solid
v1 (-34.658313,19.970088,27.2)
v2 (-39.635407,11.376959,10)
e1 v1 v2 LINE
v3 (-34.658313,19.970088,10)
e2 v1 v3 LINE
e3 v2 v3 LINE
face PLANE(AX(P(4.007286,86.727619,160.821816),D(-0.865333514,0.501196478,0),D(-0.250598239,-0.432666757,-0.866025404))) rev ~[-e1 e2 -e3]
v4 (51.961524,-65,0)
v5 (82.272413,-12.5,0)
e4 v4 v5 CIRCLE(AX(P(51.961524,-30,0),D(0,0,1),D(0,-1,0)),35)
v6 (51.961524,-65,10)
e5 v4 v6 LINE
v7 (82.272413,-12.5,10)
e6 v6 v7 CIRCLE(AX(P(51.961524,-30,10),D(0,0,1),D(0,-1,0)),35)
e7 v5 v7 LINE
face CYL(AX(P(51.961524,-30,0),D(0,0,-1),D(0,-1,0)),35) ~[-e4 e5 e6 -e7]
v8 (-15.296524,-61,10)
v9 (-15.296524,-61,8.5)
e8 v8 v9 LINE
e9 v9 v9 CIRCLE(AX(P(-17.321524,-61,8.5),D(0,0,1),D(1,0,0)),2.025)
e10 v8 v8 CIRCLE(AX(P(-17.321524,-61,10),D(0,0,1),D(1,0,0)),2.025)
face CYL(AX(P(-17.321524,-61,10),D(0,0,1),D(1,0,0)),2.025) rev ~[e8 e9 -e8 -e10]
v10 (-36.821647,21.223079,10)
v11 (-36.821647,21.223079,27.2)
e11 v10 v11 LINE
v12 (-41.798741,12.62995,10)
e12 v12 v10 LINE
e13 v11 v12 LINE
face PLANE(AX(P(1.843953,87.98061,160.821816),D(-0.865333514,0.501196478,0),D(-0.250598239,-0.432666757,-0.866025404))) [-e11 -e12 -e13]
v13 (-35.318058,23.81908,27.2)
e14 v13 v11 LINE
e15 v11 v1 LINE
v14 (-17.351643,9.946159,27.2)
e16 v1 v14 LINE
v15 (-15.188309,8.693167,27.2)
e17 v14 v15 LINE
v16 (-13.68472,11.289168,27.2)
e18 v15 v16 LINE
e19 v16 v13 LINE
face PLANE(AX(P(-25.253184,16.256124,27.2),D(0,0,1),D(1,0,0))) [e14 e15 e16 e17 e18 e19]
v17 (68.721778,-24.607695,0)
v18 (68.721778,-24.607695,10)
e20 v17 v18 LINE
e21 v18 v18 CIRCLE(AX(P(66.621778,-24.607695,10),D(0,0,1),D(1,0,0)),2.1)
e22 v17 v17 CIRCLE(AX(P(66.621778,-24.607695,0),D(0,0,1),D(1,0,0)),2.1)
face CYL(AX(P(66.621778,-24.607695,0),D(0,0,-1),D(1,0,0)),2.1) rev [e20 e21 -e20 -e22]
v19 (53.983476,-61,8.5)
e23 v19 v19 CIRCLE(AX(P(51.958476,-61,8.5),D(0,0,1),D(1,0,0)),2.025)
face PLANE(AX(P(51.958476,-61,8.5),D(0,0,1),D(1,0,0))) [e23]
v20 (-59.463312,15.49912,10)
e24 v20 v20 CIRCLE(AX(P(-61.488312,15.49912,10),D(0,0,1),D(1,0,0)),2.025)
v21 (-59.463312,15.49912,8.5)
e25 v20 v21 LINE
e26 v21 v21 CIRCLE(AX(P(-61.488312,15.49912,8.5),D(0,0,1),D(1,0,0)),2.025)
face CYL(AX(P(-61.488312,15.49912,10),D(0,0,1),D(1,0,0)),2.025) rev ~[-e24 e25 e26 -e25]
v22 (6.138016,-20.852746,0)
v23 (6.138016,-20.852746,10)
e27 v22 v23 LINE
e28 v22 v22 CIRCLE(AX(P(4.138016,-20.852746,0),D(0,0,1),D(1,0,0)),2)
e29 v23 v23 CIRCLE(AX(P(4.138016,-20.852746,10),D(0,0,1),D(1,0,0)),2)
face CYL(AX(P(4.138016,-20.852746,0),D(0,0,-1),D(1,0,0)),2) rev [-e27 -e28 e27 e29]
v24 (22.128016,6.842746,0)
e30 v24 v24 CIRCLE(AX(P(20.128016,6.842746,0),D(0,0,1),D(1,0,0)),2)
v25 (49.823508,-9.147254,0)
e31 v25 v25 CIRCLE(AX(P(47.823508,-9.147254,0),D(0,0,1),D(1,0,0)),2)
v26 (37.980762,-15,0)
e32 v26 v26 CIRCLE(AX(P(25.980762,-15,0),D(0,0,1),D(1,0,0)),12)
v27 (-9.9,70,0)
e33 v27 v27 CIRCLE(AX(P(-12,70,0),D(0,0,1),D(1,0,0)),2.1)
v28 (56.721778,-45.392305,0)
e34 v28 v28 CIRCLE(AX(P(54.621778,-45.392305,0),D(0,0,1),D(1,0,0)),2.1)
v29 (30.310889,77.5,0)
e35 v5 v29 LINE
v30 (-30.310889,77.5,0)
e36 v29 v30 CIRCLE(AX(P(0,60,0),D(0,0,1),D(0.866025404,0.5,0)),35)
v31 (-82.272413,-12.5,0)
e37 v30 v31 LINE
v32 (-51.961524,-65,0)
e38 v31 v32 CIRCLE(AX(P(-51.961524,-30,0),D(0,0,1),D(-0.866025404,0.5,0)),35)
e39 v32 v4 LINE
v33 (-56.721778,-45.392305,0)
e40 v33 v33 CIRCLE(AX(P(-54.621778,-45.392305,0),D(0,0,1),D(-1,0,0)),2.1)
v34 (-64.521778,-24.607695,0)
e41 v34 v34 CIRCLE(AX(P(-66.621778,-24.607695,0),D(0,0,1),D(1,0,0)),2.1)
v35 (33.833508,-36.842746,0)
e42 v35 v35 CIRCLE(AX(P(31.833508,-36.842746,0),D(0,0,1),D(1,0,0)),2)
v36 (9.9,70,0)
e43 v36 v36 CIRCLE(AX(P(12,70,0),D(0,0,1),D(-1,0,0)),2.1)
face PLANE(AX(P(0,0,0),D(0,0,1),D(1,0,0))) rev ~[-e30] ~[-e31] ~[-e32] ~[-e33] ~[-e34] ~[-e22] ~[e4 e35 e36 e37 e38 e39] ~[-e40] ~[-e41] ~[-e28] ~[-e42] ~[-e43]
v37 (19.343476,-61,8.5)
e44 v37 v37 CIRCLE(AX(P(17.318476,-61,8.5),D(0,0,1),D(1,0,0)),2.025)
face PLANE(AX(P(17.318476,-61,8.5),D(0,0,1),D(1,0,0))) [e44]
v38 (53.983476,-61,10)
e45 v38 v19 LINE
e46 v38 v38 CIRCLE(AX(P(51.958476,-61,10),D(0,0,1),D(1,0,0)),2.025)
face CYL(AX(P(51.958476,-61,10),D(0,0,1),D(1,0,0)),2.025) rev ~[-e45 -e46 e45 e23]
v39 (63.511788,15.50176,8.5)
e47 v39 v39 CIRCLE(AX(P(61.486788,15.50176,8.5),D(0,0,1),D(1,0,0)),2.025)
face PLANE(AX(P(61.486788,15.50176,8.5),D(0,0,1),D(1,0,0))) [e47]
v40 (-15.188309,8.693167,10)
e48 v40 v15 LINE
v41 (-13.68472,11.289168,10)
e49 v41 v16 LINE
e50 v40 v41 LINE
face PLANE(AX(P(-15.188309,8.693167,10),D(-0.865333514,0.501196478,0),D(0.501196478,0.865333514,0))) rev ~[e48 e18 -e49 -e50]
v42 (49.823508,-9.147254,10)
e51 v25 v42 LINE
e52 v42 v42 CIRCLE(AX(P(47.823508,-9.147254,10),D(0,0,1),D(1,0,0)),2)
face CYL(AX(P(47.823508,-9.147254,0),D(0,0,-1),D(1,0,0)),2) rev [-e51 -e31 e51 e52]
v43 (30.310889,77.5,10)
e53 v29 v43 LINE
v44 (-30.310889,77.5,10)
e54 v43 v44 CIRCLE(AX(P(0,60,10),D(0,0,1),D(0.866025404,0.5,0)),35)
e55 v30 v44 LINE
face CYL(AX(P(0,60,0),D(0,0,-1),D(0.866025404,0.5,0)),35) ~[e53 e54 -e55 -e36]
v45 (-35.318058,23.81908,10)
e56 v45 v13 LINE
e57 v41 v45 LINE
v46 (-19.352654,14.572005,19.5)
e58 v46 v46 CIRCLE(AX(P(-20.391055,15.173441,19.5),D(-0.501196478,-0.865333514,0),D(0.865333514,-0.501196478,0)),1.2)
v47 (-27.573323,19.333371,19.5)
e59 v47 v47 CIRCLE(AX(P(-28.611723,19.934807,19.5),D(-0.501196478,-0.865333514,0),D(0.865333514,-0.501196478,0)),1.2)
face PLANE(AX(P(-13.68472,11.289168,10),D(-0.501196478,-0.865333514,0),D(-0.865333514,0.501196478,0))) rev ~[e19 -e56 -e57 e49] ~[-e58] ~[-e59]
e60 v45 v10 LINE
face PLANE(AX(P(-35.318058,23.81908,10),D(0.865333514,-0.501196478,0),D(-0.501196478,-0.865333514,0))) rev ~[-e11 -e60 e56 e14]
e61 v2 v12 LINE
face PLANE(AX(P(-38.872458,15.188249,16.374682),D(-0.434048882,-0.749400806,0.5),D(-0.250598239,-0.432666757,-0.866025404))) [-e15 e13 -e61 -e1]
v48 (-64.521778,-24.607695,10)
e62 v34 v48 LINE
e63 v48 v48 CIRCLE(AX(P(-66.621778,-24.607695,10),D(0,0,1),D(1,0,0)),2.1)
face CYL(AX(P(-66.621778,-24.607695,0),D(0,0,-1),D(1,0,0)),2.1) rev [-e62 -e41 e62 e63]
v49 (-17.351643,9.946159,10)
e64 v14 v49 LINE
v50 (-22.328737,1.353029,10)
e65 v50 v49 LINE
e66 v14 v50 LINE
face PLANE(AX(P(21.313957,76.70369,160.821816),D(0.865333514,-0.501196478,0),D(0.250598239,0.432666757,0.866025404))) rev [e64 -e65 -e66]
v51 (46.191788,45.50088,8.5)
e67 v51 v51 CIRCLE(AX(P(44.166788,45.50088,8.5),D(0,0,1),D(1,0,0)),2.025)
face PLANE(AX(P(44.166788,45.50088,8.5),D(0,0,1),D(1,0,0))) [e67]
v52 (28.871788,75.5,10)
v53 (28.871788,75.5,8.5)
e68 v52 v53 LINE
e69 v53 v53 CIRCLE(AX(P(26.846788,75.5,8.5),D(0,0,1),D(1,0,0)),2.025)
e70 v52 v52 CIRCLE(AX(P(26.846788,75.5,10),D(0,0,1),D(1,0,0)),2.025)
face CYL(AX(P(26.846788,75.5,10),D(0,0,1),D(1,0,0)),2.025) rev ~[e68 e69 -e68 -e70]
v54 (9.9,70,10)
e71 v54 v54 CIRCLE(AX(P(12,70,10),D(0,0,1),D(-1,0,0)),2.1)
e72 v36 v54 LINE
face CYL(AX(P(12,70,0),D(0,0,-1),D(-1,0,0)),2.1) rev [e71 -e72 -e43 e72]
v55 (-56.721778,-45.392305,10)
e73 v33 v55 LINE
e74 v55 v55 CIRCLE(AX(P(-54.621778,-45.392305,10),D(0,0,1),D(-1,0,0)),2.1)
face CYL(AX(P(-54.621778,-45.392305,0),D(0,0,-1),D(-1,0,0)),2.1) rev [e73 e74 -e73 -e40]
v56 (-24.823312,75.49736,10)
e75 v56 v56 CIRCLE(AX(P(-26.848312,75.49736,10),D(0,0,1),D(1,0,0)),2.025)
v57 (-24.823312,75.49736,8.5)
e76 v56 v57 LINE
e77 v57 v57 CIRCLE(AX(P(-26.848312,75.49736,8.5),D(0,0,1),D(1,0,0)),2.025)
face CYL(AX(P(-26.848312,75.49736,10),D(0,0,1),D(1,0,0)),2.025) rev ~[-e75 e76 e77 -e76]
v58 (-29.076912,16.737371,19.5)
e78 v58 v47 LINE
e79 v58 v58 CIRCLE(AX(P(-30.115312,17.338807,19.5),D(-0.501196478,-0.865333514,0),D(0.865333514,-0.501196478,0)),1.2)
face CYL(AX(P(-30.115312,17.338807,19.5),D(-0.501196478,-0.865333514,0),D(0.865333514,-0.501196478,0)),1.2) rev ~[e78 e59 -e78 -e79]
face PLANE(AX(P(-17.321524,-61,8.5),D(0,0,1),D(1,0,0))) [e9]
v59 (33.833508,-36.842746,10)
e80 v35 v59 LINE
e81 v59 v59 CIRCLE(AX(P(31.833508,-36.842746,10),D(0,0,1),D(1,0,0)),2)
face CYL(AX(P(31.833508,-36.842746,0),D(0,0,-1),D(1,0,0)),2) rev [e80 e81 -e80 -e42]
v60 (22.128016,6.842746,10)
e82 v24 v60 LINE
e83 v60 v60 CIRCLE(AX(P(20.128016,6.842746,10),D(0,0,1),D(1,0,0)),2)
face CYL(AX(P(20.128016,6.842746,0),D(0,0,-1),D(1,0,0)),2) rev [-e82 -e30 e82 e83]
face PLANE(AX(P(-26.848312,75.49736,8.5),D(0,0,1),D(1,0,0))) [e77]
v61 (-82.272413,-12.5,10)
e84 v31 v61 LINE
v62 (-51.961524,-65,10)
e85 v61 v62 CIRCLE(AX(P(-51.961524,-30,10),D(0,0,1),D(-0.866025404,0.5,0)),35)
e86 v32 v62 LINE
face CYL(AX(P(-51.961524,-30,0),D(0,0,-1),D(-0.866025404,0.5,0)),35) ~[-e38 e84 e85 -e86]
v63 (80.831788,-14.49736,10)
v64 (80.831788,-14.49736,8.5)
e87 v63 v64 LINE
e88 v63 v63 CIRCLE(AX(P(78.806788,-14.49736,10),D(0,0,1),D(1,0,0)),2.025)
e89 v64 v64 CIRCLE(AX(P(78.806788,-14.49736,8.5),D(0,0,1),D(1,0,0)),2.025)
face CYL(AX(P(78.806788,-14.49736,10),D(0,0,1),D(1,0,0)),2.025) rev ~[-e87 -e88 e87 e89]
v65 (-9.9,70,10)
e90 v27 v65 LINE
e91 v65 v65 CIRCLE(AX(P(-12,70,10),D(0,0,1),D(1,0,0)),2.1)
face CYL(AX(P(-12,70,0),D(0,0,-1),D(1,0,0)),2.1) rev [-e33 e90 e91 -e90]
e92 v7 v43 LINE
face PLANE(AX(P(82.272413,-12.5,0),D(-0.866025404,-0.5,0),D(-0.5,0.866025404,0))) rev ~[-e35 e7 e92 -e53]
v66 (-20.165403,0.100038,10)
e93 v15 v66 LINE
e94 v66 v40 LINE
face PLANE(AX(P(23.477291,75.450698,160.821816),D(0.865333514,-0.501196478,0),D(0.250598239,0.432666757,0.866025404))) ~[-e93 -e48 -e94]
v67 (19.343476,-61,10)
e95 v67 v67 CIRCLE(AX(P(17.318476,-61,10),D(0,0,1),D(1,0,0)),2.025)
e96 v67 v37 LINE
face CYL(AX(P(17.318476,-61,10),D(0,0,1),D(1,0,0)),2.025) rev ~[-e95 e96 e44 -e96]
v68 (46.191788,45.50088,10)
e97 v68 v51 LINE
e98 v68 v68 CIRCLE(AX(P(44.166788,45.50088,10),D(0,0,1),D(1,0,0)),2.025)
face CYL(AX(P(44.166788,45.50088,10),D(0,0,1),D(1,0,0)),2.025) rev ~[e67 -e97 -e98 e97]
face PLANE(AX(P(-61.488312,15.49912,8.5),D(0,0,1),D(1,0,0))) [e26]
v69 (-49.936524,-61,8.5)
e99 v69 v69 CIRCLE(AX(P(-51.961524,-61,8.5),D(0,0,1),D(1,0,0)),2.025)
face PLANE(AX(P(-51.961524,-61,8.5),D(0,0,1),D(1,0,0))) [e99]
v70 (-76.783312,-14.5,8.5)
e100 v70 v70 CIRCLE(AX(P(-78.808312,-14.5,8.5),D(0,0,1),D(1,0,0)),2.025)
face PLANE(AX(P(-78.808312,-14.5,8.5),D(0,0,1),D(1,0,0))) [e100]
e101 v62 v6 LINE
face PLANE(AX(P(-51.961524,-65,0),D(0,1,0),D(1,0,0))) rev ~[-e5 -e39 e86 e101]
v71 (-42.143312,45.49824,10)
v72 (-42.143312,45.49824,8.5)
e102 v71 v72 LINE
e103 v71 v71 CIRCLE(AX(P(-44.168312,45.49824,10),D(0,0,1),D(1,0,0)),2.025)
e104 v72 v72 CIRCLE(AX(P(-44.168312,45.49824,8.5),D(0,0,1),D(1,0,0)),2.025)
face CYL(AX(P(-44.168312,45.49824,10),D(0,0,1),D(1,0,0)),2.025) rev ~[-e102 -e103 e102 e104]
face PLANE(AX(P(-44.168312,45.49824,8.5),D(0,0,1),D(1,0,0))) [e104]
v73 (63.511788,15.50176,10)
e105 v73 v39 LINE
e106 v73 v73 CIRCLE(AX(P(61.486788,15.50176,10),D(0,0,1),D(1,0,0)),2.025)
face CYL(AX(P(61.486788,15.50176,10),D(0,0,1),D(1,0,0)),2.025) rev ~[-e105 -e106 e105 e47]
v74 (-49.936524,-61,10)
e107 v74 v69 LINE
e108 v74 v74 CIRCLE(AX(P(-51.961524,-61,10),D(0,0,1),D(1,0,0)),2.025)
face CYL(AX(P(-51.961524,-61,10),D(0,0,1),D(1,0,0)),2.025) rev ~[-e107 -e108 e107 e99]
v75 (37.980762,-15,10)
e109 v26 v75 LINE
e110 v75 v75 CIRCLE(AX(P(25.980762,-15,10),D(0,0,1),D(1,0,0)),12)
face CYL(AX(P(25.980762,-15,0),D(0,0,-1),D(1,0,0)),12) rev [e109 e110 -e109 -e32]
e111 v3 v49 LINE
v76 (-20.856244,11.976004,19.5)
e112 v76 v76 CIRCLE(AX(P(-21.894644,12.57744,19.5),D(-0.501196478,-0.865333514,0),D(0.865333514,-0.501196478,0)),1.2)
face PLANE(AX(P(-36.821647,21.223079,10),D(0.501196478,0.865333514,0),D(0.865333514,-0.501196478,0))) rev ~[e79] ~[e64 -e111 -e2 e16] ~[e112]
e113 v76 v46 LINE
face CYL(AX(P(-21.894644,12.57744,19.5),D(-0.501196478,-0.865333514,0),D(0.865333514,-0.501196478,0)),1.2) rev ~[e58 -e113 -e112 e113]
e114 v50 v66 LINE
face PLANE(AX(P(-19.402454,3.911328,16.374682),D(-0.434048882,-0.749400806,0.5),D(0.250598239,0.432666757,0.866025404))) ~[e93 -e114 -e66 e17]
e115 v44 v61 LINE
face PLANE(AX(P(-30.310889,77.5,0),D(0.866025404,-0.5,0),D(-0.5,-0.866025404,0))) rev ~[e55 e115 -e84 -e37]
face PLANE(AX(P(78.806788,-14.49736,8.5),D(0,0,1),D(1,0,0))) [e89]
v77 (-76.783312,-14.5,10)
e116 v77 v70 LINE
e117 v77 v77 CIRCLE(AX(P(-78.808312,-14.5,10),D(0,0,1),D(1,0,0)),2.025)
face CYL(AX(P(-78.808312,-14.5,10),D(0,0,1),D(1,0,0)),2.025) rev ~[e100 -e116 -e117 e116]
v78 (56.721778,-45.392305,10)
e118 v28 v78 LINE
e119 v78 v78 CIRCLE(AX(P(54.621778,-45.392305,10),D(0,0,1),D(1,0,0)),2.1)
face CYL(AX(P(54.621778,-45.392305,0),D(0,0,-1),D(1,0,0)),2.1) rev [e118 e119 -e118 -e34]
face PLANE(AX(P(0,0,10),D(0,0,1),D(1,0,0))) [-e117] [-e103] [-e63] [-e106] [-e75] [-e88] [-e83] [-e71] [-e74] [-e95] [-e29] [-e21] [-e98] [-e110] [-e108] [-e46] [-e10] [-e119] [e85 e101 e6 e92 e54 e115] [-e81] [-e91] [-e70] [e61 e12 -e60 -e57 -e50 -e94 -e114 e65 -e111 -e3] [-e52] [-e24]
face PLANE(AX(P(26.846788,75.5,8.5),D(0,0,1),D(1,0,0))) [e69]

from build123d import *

# Parameters (mm, degrees)
ESBO_O1_R                = 2.1
ESBO_O1_R_2              = 2
ESBO_O1_R_3              = 12
RESSALTO_EXTRUS_O1_DEPTH = 10
RESSALTO_EXTRUS_O2_DEPTH = 17.2
ESBO_O3_R                = 1.2
CORTE_EXTRUS_O1_DEPTH    = 3
NERVURA1_REACH           = 155.293
ESBO_O4_WALL_W           = 333.586365546
ESBO_O4_WALL_H           = 2.5
ESBO_O5_R                = 2.025
CORTE_EXTRUS_O2_DEPTH    = 1.5


with BuildPart() as part:
    # Esboço1 → Ressalto-extrusão1 (new body)
    with BuildSketch(Plane.XY):
        with BuildLine():
            Line((-51.961524227, -65), (51.961524227, -65))
            ThreePointArc((51.961524227, -65), (82.27241336, -47.5), (82.27241336, -12.5))
            Line((82.27241336, -12.5), (30.310889132, 77.5))
            ThreePointArc((30.310889132, 77.5), (0, 95), (-30.310889132, 77.5))
            Line((-30.310889132, 77.5), (-82.27241336, -12.5))
            ThreePointArc((-82.27241336, -12.5), (-82.27241336, -47.5), (-51.961524227, -65))
        make_face()
        with Locations((-12, 70)):
            Circle(ESBO_O1_R, mode=Mode.SUBTRACT)
        with Locations((-66.621778265, -24.607695155)):
            Circle(ESBO_O1_R, mode=Mode.SUBTRACT)
        with Locations(Location((12, 70, 0), (0, 0, 180))):
            Circle(ESBO_O1_R, mode=Mode.SUBTRACT)
        with Locations(Location((-54.621778265, -45.392304845, 0), (0, 0, 180))):
            Circle(ESBO_O1_R, mode=Mode.SUBTRACT)
        with Locations((66.621778265, -24.607695155)):
            Circle(ESBO_O1_R, mode=Mode.SUBTRACT)
        with Locations((54.621778265, -45.392304845)):
            Circle(ESBO_O1_R, mode=Mode.SUBTRACT)
        with Locations((31.83350832, -36.842746207)):
            Circle(ESBO_O1_R_2, mode=Mode.SUBTRACT)
        with Locations((25.980762114, -15)):
            Circle(ESBO_O1_R_3, mode=Mode.SUBTRACT)
        with Locations((4.138015907, -20.852746207)):
            Circle(ESBO_O1_R_2, mode=Mode.SUBTRACT)
        with Locations((20.128015907, 6.842746207)):
            Circle(ESBO_O1_R_2, mode=Mode.SUBTRACT)
        with Locations((47.82350832, -9.147253793)):
            Circle(ESBO_O1_R_2, mode=Mode.SUBTRACT)
    extrude(amount=RESSALTO_EXTRUS_O1_DEPTH)

    # Esboço2 → Ressalto-extrusão2 (add)
    with BuildSketch(Plane.XY.offset(10)):
        Polygon((-36.821647177, 21.223079253), (-15.188309322, 8.693167311), (-13.684719889, 11.289167854), (-35.318057744, 23.819079795), align=None)
    extrude(amount=RESSALTO_EXTRUS_O2_DEPTH)

    # Esboço3 → Corte-extrusão1 (cut)
    with BuildSketch(Plane(origin=(-0.045026547, -0.077739931, 0), x_dir=(0.8653335141925842, -0.5011964776563306, 0), z_dir=(-0.5011964776563306, -0.8653335141925842, 0))):
        with Locations((-34.749937916, 19.5)):
            Circle(ESBO_O3_R)
        with Locations((-25.249937916, 19.5)):
            Circle(ESBO_O3_R)
    extrude(amount=-CORTE_EXTRUS_O1_DEPTH, mode=Mode.SUBTRACT)

    # Esboço4 wall → Nervura1 (add, up to next)
    with BuildSketch(Plane(origin=(-39.954125162, 15.814744789, 16.374682453), x_dir=(-0.250598238796, -0.432666757113, -0.866025403786), z_dir=(-0.434048881938, -0.749400806038, 0.499999999998)), mode=Mode.PRIVATE) as nervura1_sk1:
        with Locations((0, 1.25)):
            Rectangle(ESBO_O4_WALL_W, ESBO_O4_WALL_H)
    nervura1_tool1 = extrude(nervura1_sk1.sketch, amount=-NERVURA1_REACH, mode=Mode.PRIVATE) - part.part
    nervura1 = nervura1_tool1.solids().sort_by_distance((-39.954125162, 15.814744789, 16.374682453))[0]
    add(nervura1)

    # Espelhar1: Nervura1 across plane
    add(nervura1.mirror(Plane(origin=(-25.959951703, 15.035863214, 0), x_dir=(0, 0, 1), z_dir=(-0.8653335141925849, 0.5011964776563297, 0))))

    # Esboço5 → Corte-extrusão2 (cut)
    with BuildSketch(Plane.XY.offset(10)):
        with Locations((-78.808311744, -14.5)):
            Circle(ESBO_O5_R)
        with Locations((-51.961524227, -61)):
            Circle(ESBO_O5_R)
        with Locations((26.846787517, 75.5)):
            Circle(ESBO_O5_R)
        with Locations((44.166787517, 45.500880013)):
            Circle(ESBO_O5_R)
        with Locations((61.486787517, 15.501760026)):
            Circle(ESBO_O5_R)
        with Locations((78.806787517, -14.497359961)):
            Circle(ESBO_O5_R)
        with Locations((-61.488311744, 15.499119987)):
            Circle(ESBO_O5_R)
        with Locations((-44.168311744, 45.498239974)):
            Circle(ESBO_O5_R)
        with Locations((-26.848311744, 75.497359961)):
            Circle(ESBO_O5_R)
        with Locations((-17.321524227, -61)):
            Circle(ESBO_O5_R)
        with Locations((17.318475773, -61)):
            Circle(ESBO_O5_R)
        with Locations((51.958475773, -61)):
            Circle(ESBO_O5_R)
    extrude(amount=-CORTE_EXTRUS_O2_DEPTH, mode=Mode.SUBTRACT)


solid = part.part
